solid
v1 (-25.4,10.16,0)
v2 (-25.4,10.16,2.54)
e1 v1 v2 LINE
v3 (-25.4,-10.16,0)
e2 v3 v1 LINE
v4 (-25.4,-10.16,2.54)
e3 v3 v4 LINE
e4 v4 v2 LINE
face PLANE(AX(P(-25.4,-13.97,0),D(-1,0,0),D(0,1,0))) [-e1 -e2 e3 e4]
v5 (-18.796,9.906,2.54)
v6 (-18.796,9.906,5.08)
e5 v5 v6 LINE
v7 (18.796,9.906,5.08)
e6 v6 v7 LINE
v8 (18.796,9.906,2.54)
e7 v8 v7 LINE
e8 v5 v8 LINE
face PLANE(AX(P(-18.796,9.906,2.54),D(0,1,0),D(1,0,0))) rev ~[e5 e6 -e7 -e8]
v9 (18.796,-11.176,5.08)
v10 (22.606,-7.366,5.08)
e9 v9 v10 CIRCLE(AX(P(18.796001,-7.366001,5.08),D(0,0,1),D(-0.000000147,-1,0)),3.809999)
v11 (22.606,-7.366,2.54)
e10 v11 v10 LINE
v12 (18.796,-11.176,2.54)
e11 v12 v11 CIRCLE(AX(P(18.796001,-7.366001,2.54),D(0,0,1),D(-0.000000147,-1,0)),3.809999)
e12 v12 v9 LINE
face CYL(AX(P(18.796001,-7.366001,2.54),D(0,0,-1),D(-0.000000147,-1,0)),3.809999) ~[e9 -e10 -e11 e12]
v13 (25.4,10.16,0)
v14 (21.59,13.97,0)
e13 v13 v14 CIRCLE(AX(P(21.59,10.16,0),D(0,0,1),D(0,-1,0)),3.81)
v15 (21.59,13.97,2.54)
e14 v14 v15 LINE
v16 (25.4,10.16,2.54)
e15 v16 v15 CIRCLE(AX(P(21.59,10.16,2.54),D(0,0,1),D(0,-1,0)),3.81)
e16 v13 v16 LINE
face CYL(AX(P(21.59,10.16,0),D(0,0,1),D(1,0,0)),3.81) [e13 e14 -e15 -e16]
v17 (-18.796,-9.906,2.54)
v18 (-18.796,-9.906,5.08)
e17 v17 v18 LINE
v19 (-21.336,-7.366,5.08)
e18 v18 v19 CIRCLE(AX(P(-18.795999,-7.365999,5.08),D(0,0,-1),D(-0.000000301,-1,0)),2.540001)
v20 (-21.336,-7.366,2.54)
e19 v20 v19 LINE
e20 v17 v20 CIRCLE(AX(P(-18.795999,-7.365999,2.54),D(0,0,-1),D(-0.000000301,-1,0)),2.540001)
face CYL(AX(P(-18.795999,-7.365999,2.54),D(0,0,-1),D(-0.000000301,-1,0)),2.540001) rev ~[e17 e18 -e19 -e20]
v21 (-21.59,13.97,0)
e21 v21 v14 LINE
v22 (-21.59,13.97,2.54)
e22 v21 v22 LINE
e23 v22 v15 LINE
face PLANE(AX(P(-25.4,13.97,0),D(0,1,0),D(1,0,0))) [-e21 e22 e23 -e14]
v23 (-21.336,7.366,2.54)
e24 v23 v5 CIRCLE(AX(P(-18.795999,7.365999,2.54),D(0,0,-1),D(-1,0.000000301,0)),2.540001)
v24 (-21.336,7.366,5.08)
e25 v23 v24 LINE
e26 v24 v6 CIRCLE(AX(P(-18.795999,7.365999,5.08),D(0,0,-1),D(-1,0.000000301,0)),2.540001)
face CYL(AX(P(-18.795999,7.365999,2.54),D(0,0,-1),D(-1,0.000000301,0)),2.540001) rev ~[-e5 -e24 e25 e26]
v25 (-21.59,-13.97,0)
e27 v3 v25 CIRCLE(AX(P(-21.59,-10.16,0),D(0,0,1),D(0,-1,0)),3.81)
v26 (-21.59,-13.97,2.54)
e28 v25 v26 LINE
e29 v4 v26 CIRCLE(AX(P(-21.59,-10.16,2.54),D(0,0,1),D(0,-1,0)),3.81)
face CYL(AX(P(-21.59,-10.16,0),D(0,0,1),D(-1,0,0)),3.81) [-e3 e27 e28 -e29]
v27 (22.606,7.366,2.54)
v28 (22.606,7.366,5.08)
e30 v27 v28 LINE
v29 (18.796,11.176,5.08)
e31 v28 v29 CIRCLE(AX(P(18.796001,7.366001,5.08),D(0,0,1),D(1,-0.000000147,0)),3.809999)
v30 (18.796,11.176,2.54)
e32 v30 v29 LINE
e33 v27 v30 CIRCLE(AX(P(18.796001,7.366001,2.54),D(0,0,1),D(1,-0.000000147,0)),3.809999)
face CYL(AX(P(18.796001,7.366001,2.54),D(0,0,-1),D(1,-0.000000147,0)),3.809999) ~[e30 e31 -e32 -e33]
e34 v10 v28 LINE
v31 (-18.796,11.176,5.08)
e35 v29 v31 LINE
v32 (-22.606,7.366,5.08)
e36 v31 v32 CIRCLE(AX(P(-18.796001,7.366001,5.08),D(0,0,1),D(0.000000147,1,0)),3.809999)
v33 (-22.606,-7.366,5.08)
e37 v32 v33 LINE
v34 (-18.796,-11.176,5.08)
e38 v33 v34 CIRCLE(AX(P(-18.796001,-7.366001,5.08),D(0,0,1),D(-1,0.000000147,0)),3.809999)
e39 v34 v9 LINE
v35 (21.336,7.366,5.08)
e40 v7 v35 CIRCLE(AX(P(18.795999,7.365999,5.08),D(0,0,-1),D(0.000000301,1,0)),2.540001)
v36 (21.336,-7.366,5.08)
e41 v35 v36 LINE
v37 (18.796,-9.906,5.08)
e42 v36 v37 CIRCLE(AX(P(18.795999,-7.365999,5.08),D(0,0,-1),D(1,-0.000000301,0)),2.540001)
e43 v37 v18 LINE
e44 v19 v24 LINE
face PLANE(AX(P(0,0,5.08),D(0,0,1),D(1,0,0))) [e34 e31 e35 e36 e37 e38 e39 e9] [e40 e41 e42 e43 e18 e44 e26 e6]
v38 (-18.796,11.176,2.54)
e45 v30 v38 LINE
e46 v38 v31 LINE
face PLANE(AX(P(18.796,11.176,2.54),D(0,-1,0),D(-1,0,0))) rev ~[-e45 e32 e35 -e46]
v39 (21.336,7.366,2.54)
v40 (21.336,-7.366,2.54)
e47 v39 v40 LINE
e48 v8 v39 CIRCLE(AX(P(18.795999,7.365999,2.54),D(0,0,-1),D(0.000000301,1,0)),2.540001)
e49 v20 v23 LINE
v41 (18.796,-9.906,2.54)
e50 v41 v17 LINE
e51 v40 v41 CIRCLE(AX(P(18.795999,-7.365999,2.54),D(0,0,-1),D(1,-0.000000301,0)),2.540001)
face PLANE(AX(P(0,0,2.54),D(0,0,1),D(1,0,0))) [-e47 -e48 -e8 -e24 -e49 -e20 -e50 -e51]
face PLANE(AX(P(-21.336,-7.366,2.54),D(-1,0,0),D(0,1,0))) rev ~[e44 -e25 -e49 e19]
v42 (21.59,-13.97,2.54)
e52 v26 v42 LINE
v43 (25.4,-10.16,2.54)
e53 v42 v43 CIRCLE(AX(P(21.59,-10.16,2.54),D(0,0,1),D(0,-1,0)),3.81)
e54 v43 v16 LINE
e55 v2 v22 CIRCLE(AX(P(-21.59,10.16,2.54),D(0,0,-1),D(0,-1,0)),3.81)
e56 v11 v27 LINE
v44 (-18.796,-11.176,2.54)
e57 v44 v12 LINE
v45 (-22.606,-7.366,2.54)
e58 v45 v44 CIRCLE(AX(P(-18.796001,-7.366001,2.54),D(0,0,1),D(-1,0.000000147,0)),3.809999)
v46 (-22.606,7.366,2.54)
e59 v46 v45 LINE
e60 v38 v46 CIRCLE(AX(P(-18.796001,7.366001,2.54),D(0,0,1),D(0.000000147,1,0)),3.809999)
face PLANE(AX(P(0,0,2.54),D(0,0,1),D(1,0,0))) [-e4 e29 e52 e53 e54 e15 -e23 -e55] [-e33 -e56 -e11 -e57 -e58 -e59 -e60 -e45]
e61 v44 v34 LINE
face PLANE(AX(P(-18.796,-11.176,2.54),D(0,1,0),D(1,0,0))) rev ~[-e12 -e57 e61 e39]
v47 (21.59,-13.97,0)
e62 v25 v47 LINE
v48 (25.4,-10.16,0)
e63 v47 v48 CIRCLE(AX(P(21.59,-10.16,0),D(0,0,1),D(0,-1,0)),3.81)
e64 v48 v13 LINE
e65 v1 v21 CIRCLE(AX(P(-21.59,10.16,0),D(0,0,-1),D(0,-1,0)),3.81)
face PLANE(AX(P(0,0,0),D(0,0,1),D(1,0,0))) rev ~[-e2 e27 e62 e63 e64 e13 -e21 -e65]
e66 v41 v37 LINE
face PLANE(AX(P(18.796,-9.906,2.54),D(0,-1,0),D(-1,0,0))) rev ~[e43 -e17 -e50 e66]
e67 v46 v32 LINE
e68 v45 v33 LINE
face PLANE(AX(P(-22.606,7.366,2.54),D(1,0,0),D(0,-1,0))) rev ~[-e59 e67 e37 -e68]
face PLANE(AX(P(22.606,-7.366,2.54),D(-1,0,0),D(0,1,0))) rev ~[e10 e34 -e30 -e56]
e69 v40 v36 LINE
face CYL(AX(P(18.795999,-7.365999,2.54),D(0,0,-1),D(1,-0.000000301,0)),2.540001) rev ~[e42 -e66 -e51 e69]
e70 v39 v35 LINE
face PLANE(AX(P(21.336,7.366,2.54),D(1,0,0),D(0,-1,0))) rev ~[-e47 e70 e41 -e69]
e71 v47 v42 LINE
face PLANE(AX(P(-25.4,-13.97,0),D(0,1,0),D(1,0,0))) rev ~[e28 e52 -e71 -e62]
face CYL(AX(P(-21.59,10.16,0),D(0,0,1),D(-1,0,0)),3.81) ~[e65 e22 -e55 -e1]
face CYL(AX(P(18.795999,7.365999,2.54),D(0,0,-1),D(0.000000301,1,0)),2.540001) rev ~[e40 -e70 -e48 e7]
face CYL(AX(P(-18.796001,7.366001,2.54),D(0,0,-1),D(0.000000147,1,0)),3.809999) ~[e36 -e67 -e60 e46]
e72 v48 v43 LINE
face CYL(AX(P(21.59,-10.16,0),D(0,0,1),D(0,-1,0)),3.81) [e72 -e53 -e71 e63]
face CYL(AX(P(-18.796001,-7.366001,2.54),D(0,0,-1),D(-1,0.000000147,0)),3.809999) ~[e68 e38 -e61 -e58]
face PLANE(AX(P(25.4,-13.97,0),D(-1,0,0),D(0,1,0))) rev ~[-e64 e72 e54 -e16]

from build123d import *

# Parameters (mm, degrees)
F0_W     = 50.8
F0_H     = 27.94
F1_DEPTH = 2.54
F2_R     = 3.81
F4_DEPTH = 2.54


with BuildPart() as f1:
    # F0 (on Top) → F1 (new body)
    with BuildSketch(Plane.XY):
        Rectangle(F0_W, F0_H)
    extrude(amount=F1_DEPTH)

    # F2
    f2_edges = [f1.edges().sort_by_distance(p)[0] for p in [
        (-25.4, 13.97, 1.27),
        (25.4, 13.97, 1.27),
        (-25.4, -13.97, 1.27),
        (25.4, -13.97, 1.27),
    ]]
    fillet(f2_edges, radius=F2_R)

    # F3 (on face) → F4 (join)
    with BuildSketch(Plane.XY.offset(2.54)):
        with BuildLine():
            Line((-18.796, -11.176), (18.796, -11.176))
            ThreePointArc((18.796, -11.176), (21.490077, -10.060077), (22.606, -7.366))
            Line((22.606, -7.366), (22.606, 7.366))
            ThreePointArc((22.606, 7.366), (21.490077, 10.060077), (18.796, 11.176))
            Line((18.796, 11.176), (-18.796, 11.176))
            ThreePointArc((-18.796, 11.176), (-21.490077, 10.060077), (-22.606, 7.366))
            Line((-22.606, 7.366), (-22.606, -7.366))
            ThreePointArc((-22.606, -7.366), (-21.490077, -10.060077), (-18.796, -11.176))
        make_face()
        with BuildLine():
            ThreePointArc((18.796, 9.906), (20.592051, 9.162051), (21.336, 7.366))
            Line((21.336, 7.366), (21.336, -7.366))
            ThreePointArc((21.336, -7.366), (20.592051, -9.162051), (18.796, -9.906))
            Line((18.796, -9.906), (-18.796, -9.906))
            ThreePointArc((-18.796, -9.906), (-20.592051, -9.162051), (-21.336, -7.366))
            Line((-21.336, -7.366), (-21.336, 7.366))
            ThreePointArc((-21.336, 7.366), (-20.592051, 9.162051), (-18.796, 9.906))
            Line((-18.796, 9.906), (18.796, 9.906))
        make_face(mode=Mode.SUBTRACT)
    extrude(amount=F4_DEPTH)


solid = f1.part
